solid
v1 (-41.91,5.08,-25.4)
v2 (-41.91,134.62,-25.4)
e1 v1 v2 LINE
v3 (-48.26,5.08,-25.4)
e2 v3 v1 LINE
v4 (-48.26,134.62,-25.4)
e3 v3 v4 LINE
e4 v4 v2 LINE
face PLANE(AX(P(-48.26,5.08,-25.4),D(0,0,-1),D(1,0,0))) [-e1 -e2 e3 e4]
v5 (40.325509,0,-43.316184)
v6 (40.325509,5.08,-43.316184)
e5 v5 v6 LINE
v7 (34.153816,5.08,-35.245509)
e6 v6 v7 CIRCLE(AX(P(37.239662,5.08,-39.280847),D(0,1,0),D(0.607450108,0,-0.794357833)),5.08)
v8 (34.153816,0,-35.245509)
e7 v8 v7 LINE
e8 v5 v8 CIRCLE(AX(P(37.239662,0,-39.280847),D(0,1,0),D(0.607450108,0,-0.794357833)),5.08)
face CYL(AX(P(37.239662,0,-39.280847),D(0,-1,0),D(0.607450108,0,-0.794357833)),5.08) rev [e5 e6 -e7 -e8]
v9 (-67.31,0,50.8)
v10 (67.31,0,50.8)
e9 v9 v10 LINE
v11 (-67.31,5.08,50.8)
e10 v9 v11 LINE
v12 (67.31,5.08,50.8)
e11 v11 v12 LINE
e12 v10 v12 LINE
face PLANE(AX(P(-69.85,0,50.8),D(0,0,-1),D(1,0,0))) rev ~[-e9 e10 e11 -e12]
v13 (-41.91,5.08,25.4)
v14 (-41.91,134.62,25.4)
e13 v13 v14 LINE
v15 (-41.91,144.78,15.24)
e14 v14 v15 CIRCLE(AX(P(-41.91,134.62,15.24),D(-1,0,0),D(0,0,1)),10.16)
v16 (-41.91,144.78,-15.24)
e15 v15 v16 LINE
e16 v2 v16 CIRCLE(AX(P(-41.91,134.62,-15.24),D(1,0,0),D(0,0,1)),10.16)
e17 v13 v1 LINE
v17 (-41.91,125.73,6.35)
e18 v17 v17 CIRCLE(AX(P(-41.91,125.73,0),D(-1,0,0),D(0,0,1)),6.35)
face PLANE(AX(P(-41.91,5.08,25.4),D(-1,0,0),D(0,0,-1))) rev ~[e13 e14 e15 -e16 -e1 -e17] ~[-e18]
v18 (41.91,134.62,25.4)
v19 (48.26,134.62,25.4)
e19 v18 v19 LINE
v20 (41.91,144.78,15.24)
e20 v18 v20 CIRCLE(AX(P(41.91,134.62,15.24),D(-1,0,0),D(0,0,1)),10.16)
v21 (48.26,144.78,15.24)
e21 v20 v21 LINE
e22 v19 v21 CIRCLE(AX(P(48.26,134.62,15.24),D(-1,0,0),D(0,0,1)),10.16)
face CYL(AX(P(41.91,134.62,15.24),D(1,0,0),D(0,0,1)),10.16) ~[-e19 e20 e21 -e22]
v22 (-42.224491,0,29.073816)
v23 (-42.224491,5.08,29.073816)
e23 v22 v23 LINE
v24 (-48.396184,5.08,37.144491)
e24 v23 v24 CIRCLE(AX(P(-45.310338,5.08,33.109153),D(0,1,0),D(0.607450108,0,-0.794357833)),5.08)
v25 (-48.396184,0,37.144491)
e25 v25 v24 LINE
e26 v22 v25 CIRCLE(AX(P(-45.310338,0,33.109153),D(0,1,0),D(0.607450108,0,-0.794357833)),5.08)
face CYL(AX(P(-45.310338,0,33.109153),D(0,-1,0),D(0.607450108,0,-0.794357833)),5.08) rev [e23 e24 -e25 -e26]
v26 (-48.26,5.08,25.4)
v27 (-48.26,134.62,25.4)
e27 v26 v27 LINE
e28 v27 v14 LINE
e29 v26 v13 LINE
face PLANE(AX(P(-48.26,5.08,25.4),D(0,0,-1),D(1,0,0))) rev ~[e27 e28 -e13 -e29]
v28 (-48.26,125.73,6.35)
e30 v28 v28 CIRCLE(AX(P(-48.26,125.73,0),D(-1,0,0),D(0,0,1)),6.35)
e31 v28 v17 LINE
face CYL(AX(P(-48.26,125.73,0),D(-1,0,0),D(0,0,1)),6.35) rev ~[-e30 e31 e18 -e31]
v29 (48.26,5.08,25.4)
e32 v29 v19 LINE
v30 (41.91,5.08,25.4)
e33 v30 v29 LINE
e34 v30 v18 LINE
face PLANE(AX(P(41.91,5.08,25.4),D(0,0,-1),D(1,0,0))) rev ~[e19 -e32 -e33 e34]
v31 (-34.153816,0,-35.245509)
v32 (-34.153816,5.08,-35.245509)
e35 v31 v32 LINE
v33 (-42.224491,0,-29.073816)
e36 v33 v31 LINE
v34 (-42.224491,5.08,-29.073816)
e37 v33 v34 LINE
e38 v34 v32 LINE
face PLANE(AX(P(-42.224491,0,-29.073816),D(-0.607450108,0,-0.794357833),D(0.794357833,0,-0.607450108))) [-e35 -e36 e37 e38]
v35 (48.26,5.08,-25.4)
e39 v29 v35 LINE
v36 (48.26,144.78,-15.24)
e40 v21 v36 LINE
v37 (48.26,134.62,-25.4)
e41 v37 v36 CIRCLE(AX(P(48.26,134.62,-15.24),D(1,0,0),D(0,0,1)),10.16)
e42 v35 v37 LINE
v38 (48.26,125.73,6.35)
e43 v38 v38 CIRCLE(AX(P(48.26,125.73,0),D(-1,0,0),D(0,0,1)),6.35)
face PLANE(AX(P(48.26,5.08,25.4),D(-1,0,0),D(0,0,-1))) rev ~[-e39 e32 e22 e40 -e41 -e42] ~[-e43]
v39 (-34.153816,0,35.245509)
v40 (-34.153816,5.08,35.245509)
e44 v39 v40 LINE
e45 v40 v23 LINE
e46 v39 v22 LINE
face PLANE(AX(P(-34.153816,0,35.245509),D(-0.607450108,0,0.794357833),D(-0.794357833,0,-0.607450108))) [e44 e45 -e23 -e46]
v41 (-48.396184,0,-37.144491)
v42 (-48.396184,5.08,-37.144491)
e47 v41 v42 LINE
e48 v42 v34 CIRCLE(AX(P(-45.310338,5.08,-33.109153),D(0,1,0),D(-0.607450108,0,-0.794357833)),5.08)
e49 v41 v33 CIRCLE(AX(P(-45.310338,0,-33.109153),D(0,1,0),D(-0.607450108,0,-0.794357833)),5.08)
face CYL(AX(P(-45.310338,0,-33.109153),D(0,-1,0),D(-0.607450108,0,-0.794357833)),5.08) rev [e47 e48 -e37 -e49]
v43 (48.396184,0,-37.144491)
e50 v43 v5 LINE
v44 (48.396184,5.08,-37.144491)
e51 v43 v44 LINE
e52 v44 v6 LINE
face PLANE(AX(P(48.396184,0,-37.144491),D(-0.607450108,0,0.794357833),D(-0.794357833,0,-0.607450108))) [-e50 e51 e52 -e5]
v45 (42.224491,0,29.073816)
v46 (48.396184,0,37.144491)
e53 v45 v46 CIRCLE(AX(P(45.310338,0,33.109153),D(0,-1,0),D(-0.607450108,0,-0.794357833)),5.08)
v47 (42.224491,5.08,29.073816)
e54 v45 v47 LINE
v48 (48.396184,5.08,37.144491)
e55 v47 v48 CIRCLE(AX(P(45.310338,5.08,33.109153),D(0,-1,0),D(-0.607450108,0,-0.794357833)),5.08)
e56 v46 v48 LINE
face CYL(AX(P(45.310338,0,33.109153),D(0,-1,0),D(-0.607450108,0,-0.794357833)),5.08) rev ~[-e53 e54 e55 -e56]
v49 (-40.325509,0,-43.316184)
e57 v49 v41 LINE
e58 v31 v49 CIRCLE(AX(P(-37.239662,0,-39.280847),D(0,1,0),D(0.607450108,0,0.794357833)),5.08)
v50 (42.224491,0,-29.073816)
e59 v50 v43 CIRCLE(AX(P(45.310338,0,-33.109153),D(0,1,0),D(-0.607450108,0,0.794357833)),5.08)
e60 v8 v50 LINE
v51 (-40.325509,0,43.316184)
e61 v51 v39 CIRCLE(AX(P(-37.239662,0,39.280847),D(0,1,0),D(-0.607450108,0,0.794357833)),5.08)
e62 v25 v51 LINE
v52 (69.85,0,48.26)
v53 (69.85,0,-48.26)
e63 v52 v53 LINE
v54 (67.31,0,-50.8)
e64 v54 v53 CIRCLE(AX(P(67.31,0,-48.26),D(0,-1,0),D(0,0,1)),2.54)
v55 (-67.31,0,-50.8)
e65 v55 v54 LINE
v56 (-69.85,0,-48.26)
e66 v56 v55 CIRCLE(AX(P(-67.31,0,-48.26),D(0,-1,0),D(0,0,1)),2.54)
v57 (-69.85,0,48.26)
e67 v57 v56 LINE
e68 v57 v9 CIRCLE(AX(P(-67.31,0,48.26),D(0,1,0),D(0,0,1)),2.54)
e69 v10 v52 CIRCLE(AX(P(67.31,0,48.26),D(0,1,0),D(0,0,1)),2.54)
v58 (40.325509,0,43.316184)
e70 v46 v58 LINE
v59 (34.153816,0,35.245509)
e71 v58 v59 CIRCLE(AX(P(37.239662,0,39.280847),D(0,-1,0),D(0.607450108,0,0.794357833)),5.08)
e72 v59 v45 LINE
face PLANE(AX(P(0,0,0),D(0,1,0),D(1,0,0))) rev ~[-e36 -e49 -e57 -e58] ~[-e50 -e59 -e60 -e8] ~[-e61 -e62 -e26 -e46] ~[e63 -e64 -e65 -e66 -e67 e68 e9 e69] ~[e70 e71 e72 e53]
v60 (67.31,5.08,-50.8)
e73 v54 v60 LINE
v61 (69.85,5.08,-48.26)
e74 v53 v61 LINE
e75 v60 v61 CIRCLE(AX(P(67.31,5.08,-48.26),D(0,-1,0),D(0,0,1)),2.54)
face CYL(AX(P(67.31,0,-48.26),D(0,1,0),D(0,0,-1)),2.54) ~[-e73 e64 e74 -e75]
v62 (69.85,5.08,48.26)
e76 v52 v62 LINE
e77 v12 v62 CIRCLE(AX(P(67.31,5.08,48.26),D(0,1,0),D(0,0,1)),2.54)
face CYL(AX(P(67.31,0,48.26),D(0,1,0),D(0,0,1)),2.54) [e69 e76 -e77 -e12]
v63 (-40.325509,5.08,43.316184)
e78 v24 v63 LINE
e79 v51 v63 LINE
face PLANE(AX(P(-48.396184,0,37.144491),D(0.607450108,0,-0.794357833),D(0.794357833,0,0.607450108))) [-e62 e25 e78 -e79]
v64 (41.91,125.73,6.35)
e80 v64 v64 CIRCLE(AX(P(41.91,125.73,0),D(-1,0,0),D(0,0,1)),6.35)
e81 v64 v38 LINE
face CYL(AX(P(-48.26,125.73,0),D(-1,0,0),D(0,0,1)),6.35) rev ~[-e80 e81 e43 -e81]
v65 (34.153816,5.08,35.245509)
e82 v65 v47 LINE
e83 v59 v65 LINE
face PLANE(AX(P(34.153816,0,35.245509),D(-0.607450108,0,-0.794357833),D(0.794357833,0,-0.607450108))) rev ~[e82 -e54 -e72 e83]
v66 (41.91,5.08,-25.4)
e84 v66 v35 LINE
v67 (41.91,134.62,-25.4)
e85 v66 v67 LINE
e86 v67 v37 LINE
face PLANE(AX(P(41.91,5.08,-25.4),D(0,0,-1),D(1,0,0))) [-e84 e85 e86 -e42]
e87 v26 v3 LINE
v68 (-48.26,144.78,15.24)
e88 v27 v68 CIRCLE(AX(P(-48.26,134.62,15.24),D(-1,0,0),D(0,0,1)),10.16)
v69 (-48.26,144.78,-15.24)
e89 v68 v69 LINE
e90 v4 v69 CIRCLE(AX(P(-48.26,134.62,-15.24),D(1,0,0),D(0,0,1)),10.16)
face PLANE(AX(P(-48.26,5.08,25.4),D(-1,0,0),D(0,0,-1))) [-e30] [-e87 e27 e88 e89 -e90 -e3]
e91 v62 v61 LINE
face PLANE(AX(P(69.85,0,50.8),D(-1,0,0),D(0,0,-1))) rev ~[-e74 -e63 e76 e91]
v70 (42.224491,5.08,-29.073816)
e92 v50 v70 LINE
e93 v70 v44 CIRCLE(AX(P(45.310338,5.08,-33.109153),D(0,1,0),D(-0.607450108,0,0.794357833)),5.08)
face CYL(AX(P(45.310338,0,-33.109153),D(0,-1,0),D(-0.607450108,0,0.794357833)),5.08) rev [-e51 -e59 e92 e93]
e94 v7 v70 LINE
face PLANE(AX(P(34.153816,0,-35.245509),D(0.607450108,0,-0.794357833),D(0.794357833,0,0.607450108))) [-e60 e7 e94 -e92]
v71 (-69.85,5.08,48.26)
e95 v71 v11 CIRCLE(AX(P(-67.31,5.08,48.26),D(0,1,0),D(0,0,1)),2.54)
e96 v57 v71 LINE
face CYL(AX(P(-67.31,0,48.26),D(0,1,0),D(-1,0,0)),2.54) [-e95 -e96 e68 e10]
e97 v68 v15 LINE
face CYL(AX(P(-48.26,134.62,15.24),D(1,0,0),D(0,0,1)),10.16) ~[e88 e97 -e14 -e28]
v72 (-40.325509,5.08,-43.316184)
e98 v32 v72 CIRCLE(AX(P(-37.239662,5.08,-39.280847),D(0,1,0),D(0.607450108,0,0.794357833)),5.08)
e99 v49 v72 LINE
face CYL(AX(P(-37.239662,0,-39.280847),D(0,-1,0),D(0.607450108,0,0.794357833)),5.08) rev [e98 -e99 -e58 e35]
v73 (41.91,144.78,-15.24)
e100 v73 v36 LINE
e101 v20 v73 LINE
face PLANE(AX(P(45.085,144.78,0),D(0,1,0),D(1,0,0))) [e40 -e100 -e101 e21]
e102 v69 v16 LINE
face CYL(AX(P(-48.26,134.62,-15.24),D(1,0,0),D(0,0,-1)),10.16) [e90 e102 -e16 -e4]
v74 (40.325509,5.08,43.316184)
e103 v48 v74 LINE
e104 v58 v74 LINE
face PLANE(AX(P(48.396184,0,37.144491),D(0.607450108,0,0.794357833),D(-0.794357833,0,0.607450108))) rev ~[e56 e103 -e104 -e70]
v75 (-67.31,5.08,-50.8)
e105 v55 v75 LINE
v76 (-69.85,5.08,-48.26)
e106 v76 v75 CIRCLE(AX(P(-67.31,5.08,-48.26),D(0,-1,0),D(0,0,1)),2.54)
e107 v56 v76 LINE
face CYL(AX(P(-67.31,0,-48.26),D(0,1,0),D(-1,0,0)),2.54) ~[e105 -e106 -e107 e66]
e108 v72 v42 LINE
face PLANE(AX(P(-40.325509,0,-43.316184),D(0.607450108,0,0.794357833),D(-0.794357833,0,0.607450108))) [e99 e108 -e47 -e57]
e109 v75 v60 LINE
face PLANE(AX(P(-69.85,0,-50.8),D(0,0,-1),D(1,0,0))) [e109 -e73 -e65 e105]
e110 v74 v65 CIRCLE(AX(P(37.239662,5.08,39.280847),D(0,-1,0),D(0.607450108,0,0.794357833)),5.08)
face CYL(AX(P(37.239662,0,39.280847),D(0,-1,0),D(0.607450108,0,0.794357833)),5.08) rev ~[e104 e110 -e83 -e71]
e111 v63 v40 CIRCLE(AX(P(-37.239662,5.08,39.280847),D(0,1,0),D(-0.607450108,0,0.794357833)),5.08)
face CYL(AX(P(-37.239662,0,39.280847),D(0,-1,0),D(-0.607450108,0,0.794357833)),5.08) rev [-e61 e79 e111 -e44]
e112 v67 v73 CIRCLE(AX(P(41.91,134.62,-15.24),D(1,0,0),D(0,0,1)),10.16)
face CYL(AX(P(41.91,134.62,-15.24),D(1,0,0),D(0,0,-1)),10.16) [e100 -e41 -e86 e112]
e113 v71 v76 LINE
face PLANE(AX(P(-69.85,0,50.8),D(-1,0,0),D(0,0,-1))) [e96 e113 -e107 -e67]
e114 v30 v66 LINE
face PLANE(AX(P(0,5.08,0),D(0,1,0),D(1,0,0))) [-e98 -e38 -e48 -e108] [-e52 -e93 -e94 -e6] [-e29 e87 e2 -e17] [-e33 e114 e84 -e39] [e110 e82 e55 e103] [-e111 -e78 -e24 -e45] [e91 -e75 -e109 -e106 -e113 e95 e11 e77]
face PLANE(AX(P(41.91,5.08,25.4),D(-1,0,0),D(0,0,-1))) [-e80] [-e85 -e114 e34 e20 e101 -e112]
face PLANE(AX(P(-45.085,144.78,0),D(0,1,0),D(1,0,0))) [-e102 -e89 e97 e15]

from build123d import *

# Parameters (mm, degrees)
SKETCH1_W           = 139.7
SKETCH1_H           = 101.6
BOSS_EXTRUDE1_DEPTH = 5.08
FILLET1_R           = 2.54
SKETCH2_W           = 6.35
SKETCH2_H           = 50.8
BOSS_EXTRUDE2_DEPTH = 139.7
FILLET2_R           = 10.16
SKETCH3_R           = 6.35
CUT_EXTRUDE1_DEPTH  = 119.11


with BuildPart() as part:
    # Sketch1 → Boss-Extrude1 (new body)
    with BuildSketch(Plane(origin=(0, 0, 0), x_dir=(1, 0, 0), z_dir=(0, 1, 0))):
        Rectangle(SKETCH1_W, SKETCH1_H)
        with BuildLine():
            ThreePointArc((-40.325508755, -43.316184338), (-33.204324417, -42.366693093), (-34.153815662, -35.245508755))
            Line((-34.153815662, -35.245508755), (-42.224491245, -29.073815662))
            ThreePointArc((-42.224491245, -29.073815662), (-49.345675583, -30.023306907), (-48.396184338, -37.144491245))
            Line((-48.396184338, -37.144491245), (-40.325508755, -43.316184338))
        make_face(mode=Mode.SUBTRACT)
        with BuildLine():
            ThreePointArc((-48.396184338, 37.144491245), (-49.345675583, 30.023306907), (-42.224491245, 29.073815662))
            Line((-42.224491245, 29.073815662), (-34.153815662, 35.245508755))
            ThreePointArc((-34.153815662, 35.245508755), (-33.204324417, 42.366693093), (-40.325508755, 43.316184338))
            Line((-40.325508755, 43.316184338), (-48.396184338, 37.144491245))
        make_face(mode=Mode.SUBTRACT)
        with BuildLine():
            ThreePointArc((40.325508755, 43.316184338), (33.204324417, 42.366693093), (34.153815662, 35.245508755))
            Line((34.153815662, 35.245508755), (42.224491245, 29.073815662))
            ThreePointArc((42.224491245, 29.073815662), (49.345675583, 30.023306907), (48.396184338, 37.144491245))
            Line((48.396184338, 37.144491245), (40.325508755, 43.316184338))
        make_face(mode=Mode.SUBTRACT)
        with BuildLine():
            Line((48.396184338, -37.144491245), (40.325508755, -43.316184338))
            ThreePointArc((40.325508755, -43.316184338), (33.204324417, -42.366693093), (34.153815662, -35.245508755))
            Line((34.153815662, -35.245508755), (42.224491245, -29.073815662))
            ThreePointArc((42.224491245, -29.073815662), (49.345675583, -30.023306907), (48.396184338, -37.144491245))
        make_face(mode=Mode.SUBTRACT)
    extrude(amount=BOSS_EXTRUDE1_DEPTH)

    # Fillet1
    fillet1_edges = [part.edges().sort_by_distance(p)[0] for p in [
        (69.85, 2.54, -50.8),
        (69.85, 2.54, 50.8),
        (-69.85, 2.54, 50.8),
        (-69.85, 2.54, -50.8),
    ]]
    fillet(fillet1_edges, radius=FILLET1_R)

    # Sketch2 → Boss-Extrude2 (add)
    with BuildSketch(Plane(origin=(0, 5.08, 0), x_dir=(1, 0, 0), z_dir=(0, 1, 0))):
        with Locations((45.085, 0)):
            Rectangle(SKETCH2_W, SKETCH2_H)
        with Locations((-45.085, 0)):
            Rectangle(SKETCH2_W, SKETCH2_H)
    extrude(amount=BOSS_EXTRUDE2_DEPTH)

    # Fillet2
    fillet2_edges = [part.edges().sort_by_distance(p)[0] for p in [
        (-45.085, 144.78, -25.4),
        (-45.085, 144.78, 25.4),
        (45.085, 144.78, -25.4),
        (45.085, 144.78, 25.4),
    ]]
    fillet(fillet2_edges, radius=FILLET2_R)

    # Sketch3 → Cut-Extrude1 (cut, through all)
    with BuildSketch(Plane.ZY.offset(48.26)):
        with Locations((0, 125.73)):
            Circle(SKETCH3_R)
    extrude(amount=-CUT_EXTRUDE1_DEPTH, mode=Mode.SUBTRACT)


solid = part.part
